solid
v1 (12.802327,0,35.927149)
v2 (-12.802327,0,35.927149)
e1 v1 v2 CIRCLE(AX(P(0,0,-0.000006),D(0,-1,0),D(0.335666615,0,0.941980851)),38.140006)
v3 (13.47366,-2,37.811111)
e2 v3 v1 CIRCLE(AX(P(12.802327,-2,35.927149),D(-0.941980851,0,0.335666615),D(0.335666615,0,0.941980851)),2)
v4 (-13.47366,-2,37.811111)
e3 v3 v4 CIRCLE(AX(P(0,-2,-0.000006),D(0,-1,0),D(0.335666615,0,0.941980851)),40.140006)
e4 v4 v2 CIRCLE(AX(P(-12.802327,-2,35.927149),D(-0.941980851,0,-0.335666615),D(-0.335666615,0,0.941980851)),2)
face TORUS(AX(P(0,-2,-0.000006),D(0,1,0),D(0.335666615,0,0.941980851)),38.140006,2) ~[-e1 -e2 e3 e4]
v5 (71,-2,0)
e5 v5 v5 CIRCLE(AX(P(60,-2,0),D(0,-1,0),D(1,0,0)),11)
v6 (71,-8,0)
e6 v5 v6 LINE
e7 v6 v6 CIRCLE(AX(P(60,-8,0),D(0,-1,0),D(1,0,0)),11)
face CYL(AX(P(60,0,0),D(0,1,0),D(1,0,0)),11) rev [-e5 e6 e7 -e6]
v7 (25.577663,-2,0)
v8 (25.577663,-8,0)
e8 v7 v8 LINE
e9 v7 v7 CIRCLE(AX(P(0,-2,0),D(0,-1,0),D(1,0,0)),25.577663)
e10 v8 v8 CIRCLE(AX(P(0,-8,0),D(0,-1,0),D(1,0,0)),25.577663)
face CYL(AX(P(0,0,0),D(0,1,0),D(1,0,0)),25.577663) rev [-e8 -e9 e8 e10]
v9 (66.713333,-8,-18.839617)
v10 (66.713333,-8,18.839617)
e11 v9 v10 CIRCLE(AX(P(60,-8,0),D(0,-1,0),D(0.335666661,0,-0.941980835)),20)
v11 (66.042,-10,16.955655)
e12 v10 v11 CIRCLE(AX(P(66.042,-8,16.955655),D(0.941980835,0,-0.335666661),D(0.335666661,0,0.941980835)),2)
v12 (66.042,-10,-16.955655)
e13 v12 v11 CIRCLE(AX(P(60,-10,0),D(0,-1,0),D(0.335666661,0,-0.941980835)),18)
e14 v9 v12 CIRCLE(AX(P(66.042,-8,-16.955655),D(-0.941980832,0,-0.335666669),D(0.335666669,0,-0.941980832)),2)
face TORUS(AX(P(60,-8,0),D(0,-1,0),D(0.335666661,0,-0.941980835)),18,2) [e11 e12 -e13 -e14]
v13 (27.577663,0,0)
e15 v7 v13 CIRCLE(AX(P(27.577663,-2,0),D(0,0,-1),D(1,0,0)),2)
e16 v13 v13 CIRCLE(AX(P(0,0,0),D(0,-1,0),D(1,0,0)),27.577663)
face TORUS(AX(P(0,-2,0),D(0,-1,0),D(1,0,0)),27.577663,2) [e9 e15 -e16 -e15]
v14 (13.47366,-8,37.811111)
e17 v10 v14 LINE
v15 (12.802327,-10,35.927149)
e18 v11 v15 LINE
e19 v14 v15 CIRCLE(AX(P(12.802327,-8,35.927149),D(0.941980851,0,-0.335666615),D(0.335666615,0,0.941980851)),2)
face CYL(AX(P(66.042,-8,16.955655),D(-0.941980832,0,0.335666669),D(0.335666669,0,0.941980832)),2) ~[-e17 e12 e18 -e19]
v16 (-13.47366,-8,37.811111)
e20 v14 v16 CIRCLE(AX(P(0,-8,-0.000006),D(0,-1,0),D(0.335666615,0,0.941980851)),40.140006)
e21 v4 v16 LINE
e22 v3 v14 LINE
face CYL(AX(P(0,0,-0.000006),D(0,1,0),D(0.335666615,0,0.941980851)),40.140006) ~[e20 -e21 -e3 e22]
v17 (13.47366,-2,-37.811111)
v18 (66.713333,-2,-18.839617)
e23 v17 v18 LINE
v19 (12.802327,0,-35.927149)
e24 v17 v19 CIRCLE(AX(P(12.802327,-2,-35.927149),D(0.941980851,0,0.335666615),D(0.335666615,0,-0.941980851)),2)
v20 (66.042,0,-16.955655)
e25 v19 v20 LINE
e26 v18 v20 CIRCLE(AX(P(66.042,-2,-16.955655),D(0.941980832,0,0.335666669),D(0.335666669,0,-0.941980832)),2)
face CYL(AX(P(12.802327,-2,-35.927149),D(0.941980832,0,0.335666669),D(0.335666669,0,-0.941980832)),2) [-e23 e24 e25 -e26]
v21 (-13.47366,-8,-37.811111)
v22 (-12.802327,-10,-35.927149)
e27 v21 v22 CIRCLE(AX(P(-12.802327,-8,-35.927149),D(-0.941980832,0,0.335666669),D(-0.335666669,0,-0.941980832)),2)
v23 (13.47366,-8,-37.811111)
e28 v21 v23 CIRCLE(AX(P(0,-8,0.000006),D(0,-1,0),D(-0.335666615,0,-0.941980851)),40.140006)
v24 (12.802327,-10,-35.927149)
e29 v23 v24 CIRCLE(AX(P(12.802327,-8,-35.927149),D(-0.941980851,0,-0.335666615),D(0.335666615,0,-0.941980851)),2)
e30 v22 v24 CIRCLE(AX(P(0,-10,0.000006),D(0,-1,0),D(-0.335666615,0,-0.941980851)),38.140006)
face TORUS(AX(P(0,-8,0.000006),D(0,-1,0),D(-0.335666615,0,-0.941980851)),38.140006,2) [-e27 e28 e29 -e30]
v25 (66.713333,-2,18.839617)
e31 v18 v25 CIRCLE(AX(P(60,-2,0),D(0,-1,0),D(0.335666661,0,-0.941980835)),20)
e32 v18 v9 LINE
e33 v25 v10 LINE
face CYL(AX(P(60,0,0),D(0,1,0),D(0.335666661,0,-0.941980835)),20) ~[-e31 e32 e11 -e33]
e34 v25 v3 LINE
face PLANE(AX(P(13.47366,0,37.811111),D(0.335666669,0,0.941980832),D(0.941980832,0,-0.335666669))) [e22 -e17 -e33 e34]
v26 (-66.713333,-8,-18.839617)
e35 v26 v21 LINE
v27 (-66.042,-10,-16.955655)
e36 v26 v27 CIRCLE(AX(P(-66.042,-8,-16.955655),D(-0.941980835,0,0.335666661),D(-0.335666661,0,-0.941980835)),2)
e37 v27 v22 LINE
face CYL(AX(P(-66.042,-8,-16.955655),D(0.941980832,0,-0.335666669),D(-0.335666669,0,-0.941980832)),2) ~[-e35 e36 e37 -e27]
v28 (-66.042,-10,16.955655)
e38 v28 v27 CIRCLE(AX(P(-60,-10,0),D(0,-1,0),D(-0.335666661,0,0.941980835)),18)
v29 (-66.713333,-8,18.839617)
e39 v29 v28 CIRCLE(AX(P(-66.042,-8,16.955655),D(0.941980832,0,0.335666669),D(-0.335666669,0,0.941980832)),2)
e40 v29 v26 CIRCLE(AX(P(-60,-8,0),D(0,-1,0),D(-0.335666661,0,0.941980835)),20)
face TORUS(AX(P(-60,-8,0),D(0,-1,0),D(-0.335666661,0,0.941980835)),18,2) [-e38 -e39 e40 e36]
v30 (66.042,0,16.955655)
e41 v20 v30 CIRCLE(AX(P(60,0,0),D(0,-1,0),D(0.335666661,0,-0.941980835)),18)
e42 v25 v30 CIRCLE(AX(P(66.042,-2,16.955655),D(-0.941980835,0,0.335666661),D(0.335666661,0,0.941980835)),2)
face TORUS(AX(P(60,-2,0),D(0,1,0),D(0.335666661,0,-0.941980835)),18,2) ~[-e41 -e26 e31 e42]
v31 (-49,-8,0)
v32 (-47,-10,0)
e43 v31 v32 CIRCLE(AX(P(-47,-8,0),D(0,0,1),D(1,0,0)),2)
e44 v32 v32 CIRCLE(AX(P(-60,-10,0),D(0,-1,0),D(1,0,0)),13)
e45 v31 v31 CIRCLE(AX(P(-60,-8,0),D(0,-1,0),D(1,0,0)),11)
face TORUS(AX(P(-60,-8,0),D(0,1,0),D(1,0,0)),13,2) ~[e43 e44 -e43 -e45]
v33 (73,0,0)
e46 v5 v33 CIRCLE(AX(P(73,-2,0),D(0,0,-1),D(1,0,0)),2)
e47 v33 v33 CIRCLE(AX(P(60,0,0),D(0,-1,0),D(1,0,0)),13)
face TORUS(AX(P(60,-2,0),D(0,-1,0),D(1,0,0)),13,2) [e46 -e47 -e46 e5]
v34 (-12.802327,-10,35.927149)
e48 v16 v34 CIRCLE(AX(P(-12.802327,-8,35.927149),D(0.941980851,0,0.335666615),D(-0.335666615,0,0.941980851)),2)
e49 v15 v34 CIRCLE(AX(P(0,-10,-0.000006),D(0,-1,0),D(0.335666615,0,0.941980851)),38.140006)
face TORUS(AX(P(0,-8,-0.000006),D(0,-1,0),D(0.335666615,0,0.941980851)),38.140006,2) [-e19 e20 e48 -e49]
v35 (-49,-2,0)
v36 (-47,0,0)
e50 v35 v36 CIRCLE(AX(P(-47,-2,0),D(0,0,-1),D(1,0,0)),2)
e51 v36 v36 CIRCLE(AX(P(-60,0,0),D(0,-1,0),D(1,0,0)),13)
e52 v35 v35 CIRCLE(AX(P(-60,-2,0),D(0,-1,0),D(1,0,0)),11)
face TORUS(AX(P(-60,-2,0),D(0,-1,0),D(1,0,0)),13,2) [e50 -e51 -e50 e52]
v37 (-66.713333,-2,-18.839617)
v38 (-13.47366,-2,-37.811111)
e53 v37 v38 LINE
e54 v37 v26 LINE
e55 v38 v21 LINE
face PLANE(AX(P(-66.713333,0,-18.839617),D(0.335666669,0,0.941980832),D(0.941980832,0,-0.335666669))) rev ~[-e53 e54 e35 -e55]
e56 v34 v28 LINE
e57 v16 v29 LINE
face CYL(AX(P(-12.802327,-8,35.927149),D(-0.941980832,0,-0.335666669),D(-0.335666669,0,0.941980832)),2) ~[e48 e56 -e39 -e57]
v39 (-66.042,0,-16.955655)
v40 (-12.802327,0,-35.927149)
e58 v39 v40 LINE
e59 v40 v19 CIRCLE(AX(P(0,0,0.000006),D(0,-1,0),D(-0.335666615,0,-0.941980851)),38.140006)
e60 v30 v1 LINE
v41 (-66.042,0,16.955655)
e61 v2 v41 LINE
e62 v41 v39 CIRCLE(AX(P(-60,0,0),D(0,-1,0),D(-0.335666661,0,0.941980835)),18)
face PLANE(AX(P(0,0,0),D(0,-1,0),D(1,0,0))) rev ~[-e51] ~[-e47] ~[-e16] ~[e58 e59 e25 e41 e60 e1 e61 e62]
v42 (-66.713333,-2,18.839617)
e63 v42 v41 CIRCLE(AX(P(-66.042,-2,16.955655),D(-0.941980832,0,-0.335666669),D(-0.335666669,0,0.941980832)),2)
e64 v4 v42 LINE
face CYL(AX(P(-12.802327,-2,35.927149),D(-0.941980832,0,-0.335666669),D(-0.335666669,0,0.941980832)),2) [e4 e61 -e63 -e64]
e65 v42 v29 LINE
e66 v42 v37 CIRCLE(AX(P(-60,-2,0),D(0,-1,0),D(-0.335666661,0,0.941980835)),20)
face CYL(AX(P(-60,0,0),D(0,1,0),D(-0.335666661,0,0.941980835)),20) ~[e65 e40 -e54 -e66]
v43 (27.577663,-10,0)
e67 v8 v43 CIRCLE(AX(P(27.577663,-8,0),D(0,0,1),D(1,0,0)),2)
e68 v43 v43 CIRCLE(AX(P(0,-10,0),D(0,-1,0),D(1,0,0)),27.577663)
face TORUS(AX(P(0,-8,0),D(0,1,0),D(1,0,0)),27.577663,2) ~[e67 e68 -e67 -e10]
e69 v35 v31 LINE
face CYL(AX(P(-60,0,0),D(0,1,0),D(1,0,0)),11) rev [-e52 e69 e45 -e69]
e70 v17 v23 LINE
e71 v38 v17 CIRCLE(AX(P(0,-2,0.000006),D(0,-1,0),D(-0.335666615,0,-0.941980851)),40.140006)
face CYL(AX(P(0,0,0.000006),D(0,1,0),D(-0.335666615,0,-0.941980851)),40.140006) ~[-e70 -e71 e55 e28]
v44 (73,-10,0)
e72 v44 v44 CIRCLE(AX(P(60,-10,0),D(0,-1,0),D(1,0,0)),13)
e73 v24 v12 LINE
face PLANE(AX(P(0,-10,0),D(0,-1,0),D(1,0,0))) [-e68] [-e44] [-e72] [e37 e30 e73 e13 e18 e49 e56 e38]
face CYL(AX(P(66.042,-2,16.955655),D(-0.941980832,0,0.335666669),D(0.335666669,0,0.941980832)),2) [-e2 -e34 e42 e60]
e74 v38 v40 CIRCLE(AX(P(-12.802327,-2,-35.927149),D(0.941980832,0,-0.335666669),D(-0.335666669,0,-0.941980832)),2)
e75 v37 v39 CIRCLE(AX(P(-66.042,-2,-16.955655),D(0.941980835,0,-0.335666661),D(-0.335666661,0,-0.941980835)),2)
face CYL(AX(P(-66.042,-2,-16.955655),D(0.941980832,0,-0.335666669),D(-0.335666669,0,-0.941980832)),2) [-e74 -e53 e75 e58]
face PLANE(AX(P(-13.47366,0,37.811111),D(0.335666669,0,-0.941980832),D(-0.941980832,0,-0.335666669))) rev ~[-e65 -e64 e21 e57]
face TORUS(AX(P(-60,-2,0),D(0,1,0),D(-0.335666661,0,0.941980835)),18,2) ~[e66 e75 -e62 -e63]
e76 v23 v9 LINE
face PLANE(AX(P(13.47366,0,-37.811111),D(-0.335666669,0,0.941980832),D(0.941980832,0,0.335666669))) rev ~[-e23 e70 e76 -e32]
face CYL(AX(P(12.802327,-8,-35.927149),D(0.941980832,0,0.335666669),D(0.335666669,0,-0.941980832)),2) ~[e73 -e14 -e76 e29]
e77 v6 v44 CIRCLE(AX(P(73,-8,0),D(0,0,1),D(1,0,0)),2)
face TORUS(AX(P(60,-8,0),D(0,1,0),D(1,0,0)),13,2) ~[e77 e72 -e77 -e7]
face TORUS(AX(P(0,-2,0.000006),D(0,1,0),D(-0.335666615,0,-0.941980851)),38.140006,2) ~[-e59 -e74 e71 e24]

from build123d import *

# Parameters (mm, degrees)
SKETCH_R   = 25.577663
SKETCH_R_2 = 11
PAD_DEPTH  = 10
FILLET_R   = 2


with BuildPart() as part:
    # Sketch → Pad (new body)
    with BuildSketch(Plane.XZ):
        with BuildLine():
            ThreePointArc((-66.713333, 18.839617), (-80, 0), (-66.713333, -18.839617))
            Line((-66.713333, -18.839617), (-13.47366, -37.811111))
            ThreePointArc((-13.47366, -37.811111), (0, -40.14), (13.47366, -37.811111))
            Line((13.47366, -37.811111), (66.713333, -18.839617))
            ThreePointArc((66.713333, -18.839617), (80, 0), (66.713333, 18.839617))
            Line((13.47366, 37.811111), (66.713333, 18.839617))
            ThreePointArc((13.47366, 37.811111), (0, 40.14), (-13.47366, 37.811111))
            Line((-13.47366, 37.811111), (-66.713333, 18.839617))
        make_face()
        Circle(SKETCH_R, mode=Mode.SUBTRACT)
        with Locations((-60, 0)):
            Circle(SKETCH_R_2, mode=Mode.SUBTRACT)
        with Locations((60, 0)):
            Circle(SKETCH_R_2, mode=Mode.SUBTRACT)
    extrude(amount=PAD_DEPTH)

    # Fillet
    fillet_edges = [part.edges().sort_by_distance(p)[0] for p in [
        (13.47366, -5, 37.811111),
        (-13.47366, -5, 37.811111),
        (0, 0, 40.14),
        (0, -10, 40.14),
        (-66.713333, -5, 18.839617),
        (-40.093497, 0, 28.325364),
        (-40.093497, -10, 28.325364),
        (-66.713333, -5, -18.839617),
        (-80, 0, 0),
        (-80, -10, 0),
        (-13.47366, -5, -37.811111),
        (-40.093497, 0, -28.325364),
        (-40.093497, -10, -28.325364),
        (13.47366, -5, -37.811111),
        (0, 0, -40.14),
        (0, -10, -40.14),
        (66.713333, -5, -18.839617),
        (40.093497, 0, -28.325364),
        (40.093497, -10, -28.325364),
        (66.713333, -5, 18.839617),
        (80, 0, 0),
        (80, -10, 0),
        (40.093497, 0, 28.325364),
        (40.093497, -10, 28.325364),
        (25.577663, -5, 0),
        (-25.577663, 0, 0),
        (-25.577663, -10, 0),
        (71, -5, 0),
        (49, 0, 0),
        (49, -10, 0),
        (-49, -5, 0),
        (-71, 0, 0),
        (-71, -10, 0),
    ]]
    fillet(fillet_edges, radius=FILLET_R)


solid = part.part
